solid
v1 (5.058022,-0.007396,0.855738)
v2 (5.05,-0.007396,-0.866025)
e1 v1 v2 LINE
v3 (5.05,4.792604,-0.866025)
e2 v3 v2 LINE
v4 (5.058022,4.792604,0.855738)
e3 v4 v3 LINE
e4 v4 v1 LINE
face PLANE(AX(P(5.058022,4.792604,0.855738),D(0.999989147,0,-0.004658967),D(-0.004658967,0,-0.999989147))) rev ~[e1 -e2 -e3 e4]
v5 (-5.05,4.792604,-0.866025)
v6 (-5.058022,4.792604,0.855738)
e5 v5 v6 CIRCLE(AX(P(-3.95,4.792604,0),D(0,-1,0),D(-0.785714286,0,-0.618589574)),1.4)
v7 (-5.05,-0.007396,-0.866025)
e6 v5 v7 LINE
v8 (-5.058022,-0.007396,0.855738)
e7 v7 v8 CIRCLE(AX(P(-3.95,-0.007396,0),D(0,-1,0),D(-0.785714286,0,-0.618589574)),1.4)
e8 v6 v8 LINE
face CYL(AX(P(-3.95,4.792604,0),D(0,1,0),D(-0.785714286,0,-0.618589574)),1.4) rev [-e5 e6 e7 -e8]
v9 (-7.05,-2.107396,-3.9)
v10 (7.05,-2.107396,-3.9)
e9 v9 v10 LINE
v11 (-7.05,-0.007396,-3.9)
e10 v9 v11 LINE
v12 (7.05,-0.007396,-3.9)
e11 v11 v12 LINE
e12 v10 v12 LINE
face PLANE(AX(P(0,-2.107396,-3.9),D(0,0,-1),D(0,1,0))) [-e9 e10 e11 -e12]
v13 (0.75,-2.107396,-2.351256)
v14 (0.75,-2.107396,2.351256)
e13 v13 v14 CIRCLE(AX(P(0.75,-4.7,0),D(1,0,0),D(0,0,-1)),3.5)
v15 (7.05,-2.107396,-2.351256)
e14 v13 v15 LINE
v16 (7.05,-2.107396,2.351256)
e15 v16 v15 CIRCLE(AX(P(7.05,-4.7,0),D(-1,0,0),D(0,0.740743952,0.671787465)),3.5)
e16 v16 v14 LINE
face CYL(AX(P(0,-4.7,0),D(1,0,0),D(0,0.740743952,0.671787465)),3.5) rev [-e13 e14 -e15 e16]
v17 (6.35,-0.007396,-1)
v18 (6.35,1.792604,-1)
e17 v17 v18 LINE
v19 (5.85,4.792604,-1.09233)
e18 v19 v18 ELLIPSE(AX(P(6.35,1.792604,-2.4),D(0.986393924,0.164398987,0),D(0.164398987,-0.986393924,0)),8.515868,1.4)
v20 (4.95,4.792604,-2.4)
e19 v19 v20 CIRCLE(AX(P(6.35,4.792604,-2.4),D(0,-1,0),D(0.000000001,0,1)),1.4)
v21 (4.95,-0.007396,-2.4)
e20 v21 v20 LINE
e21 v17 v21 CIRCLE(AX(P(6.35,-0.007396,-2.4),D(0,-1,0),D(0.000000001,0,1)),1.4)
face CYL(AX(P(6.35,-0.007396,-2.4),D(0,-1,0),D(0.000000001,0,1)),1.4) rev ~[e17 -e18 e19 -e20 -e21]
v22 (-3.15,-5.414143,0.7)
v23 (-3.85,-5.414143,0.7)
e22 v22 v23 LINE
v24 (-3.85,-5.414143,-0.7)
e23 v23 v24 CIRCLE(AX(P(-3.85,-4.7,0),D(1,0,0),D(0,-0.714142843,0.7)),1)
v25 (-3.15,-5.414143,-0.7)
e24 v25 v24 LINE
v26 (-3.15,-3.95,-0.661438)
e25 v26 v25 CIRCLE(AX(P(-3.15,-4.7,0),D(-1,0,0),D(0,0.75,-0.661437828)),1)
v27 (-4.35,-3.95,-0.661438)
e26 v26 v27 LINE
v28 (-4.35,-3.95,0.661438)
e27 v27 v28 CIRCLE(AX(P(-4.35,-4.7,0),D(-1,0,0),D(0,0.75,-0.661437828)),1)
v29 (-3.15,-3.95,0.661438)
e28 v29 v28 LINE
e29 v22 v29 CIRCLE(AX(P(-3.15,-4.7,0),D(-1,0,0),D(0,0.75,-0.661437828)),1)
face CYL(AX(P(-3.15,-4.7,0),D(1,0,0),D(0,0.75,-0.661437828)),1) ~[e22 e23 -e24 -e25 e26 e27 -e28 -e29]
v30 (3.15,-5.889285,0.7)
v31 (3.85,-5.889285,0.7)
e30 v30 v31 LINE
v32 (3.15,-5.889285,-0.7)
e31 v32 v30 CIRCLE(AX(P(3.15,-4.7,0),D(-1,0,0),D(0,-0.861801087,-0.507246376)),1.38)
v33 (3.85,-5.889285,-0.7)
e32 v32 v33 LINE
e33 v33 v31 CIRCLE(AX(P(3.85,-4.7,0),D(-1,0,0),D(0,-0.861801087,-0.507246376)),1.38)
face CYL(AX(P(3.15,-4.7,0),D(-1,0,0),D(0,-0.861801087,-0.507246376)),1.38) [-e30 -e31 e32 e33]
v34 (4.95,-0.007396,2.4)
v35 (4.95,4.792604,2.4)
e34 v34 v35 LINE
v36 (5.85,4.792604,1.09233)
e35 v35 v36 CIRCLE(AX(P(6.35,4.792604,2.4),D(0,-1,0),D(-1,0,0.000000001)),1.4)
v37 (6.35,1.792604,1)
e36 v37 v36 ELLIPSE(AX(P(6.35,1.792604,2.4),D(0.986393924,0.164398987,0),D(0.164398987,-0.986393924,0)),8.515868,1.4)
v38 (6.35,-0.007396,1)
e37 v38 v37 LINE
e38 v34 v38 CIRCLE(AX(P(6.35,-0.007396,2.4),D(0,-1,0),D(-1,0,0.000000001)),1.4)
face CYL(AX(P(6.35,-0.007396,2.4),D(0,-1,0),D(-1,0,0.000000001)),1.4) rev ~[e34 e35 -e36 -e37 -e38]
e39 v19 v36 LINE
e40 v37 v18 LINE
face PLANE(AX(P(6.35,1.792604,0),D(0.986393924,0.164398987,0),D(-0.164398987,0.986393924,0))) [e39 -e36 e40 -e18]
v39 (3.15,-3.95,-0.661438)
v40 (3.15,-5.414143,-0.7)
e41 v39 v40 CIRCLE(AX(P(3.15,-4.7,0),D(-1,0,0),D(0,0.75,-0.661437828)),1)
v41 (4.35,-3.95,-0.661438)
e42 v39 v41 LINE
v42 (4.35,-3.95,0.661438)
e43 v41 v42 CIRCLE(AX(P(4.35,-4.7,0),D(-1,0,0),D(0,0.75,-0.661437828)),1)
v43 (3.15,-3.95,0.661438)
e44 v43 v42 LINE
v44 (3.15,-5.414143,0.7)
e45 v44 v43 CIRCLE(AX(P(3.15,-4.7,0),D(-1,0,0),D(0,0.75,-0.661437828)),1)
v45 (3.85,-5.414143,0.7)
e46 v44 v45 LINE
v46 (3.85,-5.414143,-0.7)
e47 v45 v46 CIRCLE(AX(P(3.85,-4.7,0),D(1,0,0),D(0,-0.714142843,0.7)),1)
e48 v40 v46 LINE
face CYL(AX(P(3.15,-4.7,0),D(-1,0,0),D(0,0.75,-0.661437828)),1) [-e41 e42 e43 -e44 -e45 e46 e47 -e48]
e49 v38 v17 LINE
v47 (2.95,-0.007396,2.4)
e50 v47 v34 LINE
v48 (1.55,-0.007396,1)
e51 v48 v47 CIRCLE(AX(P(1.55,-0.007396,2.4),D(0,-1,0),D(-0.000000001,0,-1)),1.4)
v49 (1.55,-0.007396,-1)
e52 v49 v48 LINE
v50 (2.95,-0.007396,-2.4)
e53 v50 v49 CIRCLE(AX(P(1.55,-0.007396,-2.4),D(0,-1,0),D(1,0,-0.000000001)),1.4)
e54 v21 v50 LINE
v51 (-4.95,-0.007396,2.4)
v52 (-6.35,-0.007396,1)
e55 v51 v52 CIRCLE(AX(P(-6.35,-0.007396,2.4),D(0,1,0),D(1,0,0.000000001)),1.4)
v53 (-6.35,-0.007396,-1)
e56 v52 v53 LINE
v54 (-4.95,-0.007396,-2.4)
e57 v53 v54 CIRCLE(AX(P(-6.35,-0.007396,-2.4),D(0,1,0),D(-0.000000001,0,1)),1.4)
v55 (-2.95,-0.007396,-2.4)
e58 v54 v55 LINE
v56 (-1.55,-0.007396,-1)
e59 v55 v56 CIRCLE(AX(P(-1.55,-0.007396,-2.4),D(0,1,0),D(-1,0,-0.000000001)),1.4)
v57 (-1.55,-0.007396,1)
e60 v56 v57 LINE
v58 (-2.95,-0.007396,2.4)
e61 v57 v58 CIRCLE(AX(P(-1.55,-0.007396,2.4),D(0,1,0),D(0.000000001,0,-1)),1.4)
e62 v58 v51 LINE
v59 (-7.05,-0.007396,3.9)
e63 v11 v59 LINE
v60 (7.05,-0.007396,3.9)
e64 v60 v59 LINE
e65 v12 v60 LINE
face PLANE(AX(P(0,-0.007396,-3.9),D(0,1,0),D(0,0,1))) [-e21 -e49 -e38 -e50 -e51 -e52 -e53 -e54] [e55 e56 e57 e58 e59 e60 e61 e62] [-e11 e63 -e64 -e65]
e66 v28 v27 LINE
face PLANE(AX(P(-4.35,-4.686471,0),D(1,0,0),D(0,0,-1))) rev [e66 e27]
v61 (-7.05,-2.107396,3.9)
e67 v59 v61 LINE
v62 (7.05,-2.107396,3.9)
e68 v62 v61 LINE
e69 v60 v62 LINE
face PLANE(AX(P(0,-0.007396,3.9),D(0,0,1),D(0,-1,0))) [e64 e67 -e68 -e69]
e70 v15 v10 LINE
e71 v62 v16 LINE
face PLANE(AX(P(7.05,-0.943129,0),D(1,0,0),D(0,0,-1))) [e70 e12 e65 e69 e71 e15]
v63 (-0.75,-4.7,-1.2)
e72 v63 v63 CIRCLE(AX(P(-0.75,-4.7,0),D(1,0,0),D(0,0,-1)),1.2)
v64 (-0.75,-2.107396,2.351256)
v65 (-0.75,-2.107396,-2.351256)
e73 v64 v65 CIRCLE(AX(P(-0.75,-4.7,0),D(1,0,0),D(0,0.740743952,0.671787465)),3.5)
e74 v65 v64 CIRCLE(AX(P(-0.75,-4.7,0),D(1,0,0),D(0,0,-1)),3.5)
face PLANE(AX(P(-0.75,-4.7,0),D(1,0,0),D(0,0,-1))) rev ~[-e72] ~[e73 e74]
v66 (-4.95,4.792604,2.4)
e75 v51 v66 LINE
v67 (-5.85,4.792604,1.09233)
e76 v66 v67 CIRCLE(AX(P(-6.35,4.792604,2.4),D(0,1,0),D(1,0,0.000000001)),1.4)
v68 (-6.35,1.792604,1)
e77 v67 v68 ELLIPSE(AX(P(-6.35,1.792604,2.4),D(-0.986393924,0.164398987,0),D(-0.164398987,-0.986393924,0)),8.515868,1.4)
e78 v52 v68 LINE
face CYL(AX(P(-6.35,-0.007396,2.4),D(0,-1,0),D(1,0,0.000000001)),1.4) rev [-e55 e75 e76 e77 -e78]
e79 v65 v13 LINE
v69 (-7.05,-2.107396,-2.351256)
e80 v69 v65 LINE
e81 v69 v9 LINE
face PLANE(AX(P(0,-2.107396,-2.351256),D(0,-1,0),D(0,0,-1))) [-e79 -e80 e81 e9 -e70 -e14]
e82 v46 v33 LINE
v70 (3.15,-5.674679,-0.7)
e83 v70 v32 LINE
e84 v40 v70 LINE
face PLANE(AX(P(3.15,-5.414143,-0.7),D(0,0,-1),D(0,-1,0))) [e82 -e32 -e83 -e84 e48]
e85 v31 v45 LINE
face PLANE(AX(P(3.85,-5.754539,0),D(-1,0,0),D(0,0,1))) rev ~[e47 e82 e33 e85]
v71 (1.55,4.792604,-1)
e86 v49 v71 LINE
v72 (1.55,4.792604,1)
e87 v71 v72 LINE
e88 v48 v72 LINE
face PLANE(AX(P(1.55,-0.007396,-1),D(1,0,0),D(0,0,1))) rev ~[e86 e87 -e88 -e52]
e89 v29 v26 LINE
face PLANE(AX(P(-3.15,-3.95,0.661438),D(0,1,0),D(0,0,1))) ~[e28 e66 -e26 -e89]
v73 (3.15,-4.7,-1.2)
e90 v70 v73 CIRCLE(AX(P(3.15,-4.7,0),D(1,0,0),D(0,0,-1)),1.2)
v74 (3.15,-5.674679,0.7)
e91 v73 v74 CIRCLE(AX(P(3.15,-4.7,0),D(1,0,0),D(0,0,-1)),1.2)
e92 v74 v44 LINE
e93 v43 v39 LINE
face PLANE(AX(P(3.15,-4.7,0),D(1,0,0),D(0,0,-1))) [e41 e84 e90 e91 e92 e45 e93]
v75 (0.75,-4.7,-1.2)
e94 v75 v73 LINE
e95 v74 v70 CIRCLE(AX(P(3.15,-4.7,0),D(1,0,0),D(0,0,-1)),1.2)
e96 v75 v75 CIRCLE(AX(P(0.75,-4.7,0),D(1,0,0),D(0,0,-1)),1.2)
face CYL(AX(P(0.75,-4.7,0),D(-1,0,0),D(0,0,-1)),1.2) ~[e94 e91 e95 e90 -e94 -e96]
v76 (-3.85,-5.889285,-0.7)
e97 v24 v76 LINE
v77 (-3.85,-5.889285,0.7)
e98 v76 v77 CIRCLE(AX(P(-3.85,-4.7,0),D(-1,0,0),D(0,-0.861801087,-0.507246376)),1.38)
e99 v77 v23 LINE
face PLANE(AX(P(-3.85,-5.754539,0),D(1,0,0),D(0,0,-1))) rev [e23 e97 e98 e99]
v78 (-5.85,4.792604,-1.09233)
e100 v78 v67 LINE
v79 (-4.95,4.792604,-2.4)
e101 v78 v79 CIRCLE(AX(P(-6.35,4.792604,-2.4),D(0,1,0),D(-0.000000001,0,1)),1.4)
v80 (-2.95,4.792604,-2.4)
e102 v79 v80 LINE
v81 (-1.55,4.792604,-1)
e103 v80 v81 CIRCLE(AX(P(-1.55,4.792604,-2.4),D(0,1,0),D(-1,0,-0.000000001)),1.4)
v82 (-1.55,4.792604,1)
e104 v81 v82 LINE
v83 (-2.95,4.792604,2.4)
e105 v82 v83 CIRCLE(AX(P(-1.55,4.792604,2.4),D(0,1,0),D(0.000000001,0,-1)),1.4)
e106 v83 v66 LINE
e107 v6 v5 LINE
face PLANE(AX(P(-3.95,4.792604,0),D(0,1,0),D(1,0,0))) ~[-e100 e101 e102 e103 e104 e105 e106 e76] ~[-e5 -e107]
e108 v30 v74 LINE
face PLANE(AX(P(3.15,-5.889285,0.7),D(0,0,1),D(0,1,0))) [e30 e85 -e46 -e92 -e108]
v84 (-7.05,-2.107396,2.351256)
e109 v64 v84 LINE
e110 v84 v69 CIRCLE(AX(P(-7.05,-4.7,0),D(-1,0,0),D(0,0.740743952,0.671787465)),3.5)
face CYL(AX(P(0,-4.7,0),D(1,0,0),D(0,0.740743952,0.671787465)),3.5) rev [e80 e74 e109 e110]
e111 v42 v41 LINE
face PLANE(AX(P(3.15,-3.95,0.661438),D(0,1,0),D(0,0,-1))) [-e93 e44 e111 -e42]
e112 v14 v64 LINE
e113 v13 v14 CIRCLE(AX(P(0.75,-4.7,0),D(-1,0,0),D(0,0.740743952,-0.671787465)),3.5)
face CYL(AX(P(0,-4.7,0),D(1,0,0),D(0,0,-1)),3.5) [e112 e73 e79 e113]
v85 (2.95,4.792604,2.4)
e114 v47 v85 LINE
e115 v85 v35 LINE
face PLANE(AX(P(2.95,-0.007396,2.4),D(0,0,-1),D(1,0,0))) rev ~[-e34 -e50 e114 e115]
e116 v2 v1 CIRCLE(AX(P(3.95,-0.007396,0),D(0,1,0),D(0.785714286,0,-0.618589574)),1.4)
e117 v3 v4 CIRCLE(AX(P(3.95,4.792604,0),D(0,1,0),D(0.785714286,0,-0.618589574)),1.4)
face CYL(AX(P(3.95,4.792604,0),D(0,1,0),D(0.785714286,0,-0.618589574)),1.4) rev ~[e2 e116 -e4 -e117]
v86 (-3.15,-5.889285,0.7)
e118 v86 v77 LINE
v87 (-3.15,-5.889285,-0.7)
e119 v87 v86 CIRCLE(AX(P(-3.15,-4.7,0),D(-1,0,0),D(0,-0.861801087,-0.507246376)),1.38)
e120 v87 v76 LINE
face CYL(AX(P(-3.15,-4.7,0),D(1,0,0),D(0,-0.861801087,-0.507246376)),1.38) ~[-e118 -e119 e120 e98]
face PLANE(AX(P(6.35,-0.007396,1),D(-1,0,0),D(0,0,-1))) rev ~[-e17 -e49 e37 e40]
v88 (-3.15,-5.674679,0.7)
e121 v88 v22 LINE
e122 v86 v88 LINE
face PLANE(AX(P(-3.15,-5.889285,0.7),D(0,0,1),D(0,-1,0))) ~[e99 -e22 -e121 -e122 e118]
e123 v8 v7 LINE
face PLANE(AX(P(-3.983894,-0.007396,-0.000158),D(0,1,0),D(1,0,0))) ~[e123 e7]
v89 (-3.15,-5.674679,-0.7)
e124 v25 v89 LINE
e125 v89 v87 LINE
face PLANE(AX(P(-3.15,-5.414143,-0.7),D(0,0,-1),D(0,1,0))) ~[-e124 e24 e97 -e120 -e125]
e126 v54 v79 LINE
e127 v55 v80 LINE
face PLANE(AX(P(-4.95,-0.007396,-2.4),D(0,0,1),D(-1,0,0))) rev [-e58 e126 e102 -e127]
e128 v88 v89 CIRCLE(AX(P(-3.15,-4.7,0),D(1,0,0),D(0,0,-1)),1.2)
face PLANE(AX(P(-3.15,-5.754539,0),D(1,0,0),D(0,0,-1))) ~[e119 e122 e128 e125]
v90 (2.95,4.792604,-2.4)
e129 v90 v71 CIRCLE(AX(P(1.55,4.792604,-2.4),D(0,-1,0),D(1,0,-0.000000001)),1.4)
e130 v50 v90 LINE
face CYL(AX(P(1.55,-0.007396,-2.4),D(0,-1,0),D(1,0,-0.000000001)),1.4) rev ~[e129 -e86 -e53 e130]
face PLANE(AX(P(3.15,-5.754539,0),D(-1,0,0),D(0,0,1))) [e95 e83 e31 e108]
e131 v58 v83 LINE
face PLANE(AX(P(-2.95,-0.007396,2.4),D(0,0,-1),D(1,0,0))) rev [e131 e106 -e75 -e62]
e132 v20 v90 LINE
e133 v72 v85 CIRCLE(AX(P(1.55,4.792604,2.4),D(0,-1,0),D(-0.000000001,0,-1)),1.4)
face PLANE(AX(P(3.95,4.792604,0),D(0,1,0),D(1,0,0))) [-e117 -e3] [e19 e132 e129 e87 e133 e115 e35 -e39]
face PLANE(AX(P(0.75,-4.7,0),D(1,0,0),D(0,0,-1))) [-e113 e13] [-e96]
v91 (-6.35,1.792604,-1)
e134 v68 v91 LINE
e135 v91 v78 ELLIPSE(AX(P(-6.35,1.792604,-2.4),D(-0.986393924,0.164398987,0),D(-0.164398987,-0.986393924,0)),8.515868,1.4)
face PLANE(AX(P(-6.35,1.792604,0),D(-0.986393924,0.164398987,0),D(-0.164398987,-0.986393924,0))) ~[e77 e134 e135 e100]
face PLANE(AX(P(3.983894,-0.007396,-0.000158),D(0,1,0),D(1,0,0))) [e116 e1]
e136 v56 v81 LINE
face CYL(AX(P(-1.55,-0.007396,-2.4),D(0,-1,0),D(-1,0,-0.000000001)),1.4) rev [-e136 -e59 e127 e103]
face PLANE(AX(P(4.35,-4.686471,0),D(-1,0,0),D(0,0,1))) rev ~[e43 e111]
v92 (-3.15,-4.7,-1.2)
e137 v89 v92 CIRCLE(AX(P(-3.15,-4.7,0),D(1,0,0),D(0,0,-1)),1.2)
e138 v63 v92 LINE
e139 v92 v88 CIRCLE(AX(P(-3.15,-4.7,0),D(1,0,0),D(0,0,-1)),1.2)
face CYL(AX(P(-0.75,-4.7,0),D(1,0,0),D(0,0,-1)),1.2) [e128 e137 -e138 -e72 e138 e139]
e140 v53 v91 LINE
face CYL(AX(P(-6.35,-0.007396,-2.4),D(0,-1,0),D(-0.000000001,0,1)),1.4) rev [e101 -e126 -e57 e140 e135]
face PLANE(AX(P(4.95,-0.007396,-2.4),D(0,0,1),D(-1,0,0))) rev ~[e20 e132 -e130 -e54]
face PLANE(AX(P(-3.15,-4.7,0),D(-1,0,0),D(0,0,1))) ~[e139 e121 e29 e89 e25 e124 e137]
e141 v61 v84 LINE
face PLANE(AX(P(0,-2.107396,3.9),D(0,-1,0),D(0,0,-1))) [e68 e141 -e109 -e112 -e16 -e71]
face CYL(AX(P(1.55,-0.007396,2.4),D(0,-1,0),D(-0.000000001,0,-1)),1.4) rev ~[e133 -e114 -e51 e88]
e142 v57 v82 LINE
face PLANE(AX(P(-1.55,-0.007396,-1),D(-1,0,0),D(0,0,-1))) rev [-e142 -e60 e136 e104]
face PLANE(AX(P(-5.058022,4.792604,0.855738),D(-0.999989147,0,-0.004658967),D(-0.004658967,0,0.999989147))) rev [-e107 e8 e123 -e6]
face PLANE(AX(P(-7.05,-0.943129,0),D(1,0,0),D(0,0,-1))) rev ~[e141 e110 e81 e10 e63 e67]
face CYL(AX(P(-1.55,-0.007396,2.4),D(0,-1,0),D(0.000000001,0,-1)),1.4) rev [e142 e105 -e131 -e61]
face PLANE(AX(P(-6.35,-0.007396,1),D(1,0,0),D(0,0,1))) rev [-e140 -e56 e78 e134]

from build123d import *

# Parameters (mm, degrees)
HIP_BASE_EXTRUDED_BOSS_BASE_DEPTH      = 7.05
SKETCH1_3_R                            = 3.5
LEG_JOINT_EXTRUDED_BOSS_BASE_DEPTH     = 0.75
SKETCH2_R                              = 1.2
LEG_PEG_EXTRUDED_BOSS_BASE_DEPTH       = 2.4
LEG_PEG_INNER_EXTRUDED_BOSS_BASE_DEPTH = 1.2
LEG_LOCK_EXTRUDED_DETAIL_DEPTH         = 0.7
HIP_PEG_EXTRUDED_BOSS_BASE_DEPTH       = 4.8
HIP_CAVITY_EXTRUDED_CUT_DEPTH          = 4.8
HIP_PEG_CHAMFER_DEPTH                  = 12.495760088


with BuildPart() as part:
    # Sketch1 → Hip Base - Extruded Boss/Base (new, symmetric)
    with BuildSketch(Plane(origin=(0, 0, 0), x_dir=(0, 0, -1), z_dir=(1, 0, 0))):
        with BuildLine():
            ThreePointArc((-2.351256126, -2.107396168), (0, -1.2), (2.351256126, -2.107396168))
            Line((2.351256126, -2.107396168), (3.9, -2.107396168))
            Line((3.9, -2.107396168), (3.9, -0.007396168))
            Line((3.9, -0.007396168), (-3.9, -0.007396168))
            Line((-3.9, -0.007396168), (-3.9, -2.107396168))
            Line((-3.9, -2.107396168), (-2.351256126, -2.107396168))
        make_face()
    extrude(amount=HIP_BASE_EXTRUDED_BOSS_BASE_DEPTH, both=True)

    # Sketch1<3> → Leg Joint - Extruded Boss/Base (add, symmetric)
    with BuildSketch(Plane(origin=(0, 0, 0), x_dir=(0, 0, -1), z_dir=(1, 0, 0))):
        with Locations((0, -4.7)):
            Circle(SKETCH1_3_R)
    extrude(amount=LEG_JOINT_EXTRUDED_BOSS_BASE_DEPTH, both=True)

    # Sketch2 → Leg Peg - Extruded Boss/Base (add)
    with BuildSketch(Plane(origin=(0.75, 0, 0), x_dir=(0, 0, -1), z_dir=(1, 0, 0))):
        with Locations((0, -4.7)):
            Circle(SKETCH2_R)
    leg_peg_extruded_boss_base = extrude(amount=LEG_PEG_EXTRUDED_BOSS_BASE_DEPTH)

    # Sketch3 → Leg Peg Inner - Extruded Boss/Base (add)
    with BuildSketch(Plane(origin=(3.15, 0, 0), x_dir=(0, 0, -1), z_dir=(1, 0, 0))):
        with BuildLine():
            Line((-0.661437828, -3.95), (0.661437828, -3.95))
            ThreePointArc((0.661437828, -3.95), (0, -5.7), (-0.661437828, -3.95))
        make_face()
    leg_peg_inner_extruded_boss_base = extrude(amount=LEG_PEG_INNER_EXTRUDED_BOSS_BASE_DEPTH)

    # Sketch4 → Leg Lock - Extruded Detail (add)
    with BuildSketch(Plane(origin=(3.15, 0, 0), x_dir=(0, 0, -1), z_dir=(1, 0, 0))):
        with BuildLine():
            Line((-0.7, -5.8892855), (-0.7, -5.414142843))
            ThreePointArc((-0.7, -5.414142843), (0, -5.7), (0.7, -5.414142843))
            Line((0.7, -5.414142843), (0.7, -5.8892855))
            ThreePointArc((0.7, -5.8892855), (0, -6.08), (-0.7, -5.8892855))
        make_face()
    leg_lock_extruded_detail = extrude(amount=LEG_LOCK_EXTRUDED_DETAIL_DEPTH)

    # Sketch5 → Hip Peg - Extruded Boss/Base (add)
    with BuildSketch(Plane(origin=(0, -0.007396168, 0), x_dir=(1, 0, 0), z_dir=(0, 1, 0))):
        with BuildLine():
            ThreePointArc((1.55, -1), (2.539949494, -1.410050506), (2.95, -2.4))
            Line((2.95, -2.4), (4.95, -2.4))
            ThreePointArc((4.95, -2.4), (5.360050506, -1.410050506), (6.35, -1))
            Line((6.35, -1), (6.35, 1))
            ThreePointArc((6.35, 1), (5.360050506, 1.410050506), (4.95, 2.4))
            Line((4.95, 2.4), (2.95, 2.4))
            ThreePointArc((2.95, 2.4), (2.539949494, 1.410050506), (1.55, 1))
            Line((1.55, 1), (1.55, -1))
        make_face()
    hip_peg_extruded_boss_base = extrude(amount=HIP_PEG_EXTRUDED_BOSS_BASE_DEPTH)

    # Sketch6 → Hip Cavity - Extruded Cut (cut)
    with BuildSketch(Plane(origin=(0, 4.792603832, 0), x_dir=(1, 0, 0), z_dir=(0, 1, 0))):
        with BuildLine():
            Line((5.058021727, -0.855738191), (5.05, 0.866025404))
            ThreePointArc((5.05, 0.866025404), (2.550015194, -0.006522554), (5.058021727, -0.855738191))
        make_face()
    hip_cavity_extruded_cut = extrude(amount=-HIP_CAVITY_EXTRUDED_CUT_DEPTH, mode=Mode.SUBTRACT)

    # Sketch7 → Hip Peg Chamfer (cut, symmetric)
    with BuildSketch(Plane.XY):
        Polygon((6.35, 4.792603832), (6.35, 1.792603832), (5.85, 4.792603832), align=None)
    hip_peg_chamfer = extrude(amount=HIP_PEG_CHAMFER_DEPTH, both=True, mode=Mode.SUBTRACT)

    # Mirror1: Leg Peg - Extruded Boss/Base, Leg Peg Inner - Extruded Boss/Base, Leg Lock - Extruded Detail, Hip Peg - Extruded Boss/Base, Hip Cavity - Extruded Cut, Hip Peg Chamfer across plane
    add(leg_peg_extruded_boss_base.mirror(Plane(origin=(0, 0, 0), x_dir=(0, 0, 1), z_dir=(1, 0, 0))))
    add(leg_peg_inner_extruded_boss_base.mirror(Plane(origin=(0, 0, 0), x_dir=(0, 0, 1), z_dir=(1, 0, 0))))
    add(leg_lock_extruded_detail.mirror(Plane(origin=(0, 0, 0), x_dir=(0, 0, 1), z_dir=(1, 0, 0))))
    add(hip_peg_extruded_boss_base.mirror(Plane(origin=(0, 0, 0), x_dir=(0, 0, 1), z_dir=(1, 0, 0))))
    add(hip_cavity_extruded_cut.mirror(Plane(origin=(0, 0, 0), x_dir=(0, 0, 1), z_dir=(1, 0, 0))), mode=Mode.SUBTRACT)
    add(hip_peg_chamfer.mirror(Plane(origin=(0, 0, 0), x_dir=(0, 0, 1), z_dir=(1, 0, 0))), mode=Mode.SUBTRACT)


solid = part.part
